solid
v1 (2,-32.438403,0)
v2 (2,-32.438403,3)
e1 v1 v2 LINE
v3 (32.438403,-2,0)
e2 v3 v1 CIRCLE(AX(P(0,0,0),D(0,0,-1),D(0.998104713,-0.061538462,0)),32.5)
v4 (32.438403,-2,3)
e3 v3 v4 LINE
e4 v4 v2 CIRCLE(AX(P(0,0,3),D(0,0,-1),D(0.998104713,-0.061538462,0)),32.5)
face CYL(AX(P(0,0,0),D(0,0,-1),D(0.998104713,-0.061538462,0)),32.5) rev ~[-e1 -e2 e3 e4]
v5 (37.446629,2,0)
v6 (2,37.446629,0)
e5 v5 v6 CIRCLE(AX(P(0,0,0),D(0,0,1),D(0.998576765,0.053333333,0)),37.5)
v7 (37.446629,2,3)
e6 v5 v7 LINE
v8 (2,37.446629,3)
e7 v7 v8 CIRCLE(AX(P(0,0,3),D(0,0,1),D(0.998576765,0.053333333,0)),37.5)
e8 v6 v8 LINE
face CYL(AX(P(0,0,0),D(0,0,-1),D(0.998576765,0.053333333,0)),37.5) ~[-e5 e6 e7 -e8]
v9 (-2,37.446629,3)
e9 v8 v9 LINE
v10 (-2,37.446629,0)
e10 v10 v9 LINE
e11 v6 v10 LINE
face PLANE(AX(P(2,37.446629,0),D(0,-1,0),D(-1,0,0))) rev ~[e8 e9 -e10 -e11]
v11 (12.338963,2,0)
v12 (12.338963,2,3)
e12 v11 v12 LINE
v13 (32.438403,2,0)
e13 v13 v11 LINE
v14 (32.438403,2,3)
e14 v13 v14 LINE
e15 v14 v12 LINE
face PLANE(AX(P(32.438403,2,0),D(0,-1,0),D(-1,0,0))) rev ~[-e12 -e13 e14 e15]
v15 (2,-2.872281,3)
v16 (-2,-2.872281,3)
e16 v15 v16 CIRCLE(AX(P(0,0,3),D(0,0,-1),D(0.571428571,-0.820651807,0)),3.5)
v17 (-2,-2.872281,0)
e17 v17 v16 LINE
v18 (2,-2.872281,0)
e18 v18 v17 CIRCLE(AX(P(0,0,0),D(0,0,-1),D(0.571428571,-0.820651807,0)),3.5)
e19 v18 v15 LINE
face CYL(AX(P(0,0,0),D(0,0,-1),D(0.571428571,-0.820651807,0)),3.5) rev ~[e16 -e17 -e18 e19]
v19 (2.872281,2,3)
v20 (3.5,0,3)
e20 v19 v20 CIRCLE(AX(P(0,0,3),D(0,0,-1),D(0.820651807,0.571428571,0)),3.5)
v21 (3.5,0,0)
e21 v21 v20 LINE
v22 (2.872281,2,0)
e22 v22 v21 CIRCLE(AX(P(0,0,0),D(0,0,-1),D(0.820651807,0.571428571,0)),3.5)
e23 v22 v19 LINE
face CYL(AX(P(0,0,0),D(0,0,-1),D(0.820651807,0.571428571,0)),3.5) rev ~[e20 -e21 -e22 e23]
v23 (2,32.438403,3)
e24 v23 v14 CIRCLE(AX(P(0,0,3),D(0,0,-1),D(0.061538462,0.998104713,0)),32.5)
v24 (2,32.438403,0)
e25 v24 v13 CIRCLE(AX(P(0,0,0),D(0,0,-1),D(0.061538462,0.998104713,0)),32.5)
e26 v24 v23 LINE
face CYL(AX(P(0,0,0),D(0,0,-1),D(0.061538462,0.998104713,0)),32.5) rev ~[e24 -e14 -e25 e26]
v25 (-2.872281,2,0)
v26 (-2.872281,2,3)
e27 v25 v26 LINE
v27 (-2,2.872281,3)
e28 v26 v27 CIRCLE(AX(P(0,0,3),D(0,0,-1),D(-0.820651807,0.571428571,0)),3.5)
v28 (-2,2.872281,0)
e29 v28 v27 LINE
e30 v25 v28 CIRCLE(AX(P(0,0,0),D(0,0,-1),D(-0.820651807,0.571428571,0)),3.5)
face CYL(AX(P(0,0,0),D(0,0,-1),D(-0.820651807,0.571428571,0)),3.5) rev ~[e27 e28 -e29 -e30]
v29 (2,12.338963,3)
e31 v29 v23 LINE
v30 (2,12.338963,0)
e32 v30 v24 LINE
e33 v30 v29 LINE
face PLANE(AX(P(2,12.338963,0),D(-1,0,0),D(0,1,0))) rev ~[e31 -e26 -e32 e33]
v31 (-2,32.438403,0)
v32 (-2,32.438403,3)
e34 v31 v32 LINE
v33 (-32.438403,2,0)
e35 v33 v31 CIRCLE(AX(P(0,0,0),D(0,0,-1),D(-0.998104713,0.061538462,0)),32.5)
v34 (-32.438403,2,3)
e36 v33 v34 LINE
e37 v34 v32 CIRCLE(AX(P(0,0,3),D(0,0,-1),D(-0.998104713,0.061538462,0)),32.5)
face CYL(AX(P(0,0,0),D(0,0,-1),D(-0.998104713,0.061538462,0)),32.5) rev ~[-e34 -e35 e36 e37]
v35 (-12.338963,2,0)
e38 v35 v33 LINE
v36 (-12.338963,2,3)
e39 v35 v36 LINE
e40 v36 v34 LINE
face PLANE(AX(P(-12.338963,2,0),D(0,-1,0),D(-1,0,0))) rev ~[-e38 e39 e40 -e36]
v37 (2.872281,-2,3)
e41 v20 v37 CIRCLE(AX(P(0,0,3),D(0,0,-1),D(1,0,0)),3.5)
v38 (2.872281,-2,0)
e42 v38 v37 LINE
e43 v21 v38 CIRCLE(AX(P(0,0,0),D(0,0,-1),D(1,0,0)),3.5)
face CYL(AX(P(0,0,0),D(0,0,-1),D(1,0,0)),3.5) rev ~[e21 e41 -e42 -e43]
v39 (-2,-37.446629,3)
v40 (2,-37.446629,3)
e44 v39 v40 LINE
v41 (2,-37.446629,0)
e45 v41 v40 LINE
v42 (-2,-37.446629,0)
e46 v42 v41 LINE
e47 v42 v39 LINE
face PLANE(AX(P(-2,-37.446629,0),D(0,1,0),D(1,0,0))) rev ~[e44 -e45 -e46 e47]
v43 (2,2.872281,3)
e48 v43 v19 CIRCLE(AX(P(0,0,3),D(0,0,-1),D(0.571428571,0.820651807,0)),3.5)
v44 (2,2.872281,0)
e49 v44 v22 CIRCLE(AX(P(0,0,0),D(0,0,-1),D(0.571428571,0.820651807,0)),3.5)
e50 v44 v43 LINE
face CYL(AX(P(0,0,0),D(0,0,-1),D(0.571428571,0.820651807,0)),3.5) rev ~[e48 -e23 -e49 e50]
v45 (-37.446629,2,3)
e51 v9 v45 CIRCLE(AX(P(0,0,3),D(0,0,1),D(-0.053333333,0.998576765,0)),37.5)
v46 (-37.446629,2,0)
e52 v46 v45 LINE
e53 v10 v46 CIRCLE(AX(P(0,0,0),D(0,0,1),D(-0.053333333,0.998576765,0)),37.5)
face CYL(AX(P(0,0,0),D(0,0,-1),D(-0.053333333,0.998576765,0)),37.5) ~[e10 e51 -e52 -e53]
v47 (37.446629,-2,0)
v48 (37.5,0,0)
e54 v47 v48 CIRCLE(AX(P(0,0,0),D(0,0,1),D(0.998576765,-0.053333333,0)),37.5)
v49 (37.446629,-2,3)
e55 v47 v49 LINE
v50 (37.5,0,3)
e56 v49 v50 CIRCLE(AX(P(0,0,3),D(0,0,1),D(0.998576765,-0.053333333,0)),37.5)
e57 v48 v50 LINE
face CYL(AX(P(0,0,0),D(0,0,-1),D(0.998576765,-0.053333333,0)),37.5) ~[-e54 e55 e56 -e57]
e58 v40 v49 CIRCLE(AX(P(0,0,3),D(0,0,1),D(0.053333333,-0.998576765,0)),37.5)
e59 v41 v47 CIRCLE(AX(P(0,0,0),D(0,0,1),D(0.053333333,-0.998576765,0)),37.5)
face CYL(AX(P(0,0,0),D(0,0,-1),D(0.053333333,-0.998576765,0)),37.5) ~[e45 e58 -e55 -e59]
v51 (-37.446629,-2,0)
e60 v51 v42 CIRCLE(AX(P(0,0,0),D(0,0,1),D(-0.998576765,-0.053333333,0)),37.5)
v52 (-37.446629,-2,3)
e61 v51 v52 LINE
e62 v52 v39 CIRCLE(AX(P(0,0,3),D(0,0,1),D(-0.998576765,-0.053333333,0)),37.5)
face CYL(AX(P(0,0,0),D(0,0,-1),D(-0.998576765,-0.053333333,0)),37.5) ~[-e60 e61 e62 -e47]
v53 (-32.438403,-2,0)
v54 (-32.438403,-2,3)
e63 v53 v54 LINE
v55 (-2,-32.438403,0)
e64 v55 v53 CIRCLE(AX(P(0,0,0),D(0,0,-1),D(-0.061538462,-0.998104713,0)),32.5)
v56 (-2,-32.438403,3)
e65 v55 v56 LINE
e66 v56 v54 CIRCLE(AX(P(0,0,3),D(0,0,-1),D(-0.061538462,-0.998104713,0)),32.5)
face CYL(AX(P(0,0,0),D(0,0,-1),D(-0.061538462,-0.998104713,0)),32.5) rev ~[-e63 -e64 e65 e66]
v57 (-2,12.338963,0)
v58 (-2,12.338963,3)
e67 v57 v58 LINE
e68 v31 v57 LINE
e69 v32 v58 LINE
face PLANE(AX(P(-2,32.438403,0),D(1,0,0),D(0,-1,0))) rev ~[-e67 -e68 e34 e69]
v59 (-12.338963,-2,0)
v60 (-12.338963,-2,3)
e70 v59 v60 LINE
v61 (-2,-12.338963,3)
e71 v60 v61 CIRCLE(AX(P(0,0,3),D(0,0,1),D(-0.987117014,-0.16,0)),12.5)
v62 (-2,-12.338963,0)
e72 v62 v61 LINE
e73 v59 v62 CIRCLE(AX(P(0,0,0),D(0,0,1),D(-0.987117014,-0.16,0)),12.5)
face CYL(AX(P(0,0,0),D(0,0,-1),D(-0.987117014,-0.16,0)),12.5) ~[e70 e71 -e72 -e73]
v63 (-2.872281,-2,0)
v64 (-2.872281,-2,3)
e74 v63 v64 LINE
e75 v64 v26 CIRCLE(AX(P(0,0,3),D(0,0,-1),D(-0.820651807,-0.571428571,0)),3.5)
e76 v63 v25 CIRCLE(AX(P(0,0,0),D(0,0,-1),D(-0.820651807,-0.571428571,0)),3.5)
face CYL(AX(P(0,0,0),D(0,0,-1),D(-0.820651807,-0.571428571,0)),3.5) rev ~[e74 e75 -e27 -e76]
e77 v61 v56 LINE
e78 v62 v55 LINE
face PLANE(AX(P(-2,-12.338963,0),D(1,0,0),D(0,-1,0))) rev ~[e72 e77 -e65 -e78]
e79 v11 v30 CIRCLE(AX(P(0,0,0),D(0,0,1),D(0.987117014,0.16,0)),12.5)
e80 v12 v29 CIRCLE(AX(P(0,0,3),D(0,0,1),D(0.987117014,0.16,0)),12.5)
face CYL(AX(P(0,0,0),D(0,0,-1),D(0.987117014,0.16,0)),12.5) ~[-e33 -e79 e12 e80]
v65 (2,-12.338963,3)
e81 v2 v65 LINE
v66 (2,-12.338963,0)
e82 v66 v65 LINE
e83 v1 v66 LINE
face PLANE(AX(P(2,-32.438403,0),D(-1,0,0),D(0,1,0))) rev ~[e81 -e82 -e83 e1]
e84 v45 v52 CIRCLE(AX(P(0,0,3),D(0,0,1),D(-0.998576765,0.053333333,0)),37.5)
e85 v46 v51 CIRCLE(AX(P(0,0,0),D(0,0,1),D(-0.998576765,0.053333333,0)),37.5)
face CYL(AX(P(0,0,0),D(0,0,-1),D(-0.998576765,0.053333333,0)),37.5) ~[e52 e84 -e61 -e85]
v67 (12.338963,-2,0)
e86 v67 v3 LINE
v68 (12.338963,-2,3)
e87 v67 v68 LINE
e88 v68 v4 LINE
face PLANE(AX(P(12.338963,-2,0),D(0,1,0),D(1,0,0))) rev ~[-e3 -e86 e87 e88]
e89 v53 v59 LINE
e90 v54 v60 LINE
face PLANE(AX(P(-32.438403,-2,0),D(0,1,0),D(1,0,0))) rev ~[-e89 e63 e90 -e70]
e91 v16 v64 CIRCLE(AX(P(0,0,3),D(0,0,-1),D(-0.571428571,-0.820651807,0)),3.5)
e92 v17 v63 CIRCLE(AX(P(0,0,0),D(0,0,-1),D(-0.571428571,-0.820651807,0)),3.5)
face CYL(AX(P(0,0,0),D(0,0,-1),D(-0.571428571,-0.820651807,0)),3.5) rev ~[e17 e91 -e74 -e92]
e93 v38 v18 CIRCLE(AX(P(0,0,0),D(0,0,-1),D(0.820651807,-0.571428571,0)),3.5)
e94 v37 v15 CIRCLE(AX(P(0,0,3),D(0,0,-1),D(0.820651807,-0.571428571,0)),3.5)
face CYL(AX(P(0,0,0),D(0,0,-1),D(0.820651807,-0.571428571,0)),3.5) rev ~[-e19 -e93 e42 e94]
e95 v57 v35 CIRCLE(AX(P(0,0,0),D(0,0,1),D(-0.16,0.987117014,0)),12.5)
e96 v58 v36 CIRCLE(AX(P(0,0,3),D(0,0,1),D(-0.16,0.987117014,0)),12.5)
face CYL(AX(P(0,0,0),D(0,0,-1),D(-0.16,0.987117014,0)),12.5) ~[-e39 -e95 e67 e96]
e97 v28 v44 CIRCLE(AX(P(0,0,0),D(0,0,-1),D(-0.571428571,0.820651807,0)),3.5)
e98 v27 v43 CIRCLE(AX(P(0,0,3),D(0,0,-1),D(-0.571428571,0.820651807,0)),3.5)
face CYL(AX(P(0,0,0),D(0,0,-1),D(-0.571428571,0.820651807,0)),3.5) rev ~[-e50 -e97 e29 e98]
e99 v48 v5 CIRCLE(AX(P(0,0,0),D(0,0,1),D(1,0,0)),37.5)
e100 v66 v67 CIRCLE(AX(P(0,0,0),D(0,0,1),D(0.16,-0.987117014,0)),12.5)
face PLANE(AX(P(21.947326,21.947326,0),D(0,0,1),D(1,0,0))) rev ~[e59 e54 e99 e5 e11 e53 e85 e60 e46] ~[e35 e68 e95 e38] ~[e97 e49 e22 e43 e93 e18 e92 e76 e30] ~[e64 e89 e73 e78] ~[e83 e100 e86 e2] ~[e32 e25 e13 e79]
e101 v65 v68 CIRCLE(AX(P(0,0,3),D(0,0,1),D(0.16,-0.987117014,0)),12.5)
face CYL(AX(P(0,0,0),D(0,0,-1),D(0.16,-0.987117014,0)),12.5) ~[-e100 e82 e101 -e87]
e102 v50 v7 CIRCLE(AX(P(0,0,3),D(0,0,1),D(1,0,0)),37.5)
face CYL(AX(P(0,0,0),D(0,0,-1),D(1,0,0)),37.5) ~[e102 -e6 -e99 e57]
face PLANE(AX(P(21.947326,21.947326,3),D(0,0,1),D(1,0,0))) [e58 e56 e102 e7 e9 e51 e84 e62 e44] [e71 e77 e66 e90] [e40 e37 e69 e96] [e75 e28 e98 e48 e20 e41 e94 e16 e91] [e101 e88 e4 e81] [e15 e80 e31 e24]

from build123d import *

# Parameters (mm, degrees)
F1_DEPTH = 3


with BuildPart() as f1:
    # F0 (on Top) → F1 (new body)
    with BuildSketch(Plane.XY):
        with BuildLine():
            ThreePointArc((37.4466286867, 2), (26.5165042945, 26.5165042945), (2, 37.4466286867))
            Line((2, 37.4466286867), (2, 32.4384031666))
            ThreePointArc((2, 32.4384031666), (22.9809703886, 22.9809703886), (32.4384031666, 2))
            Line((32.4384031666, 2), (37.4466286867, 2))
        make_face()
        with BuildLine():
            ThreePointArc((2, -37.4466286867), (26.5165042945, -26.5165042945), (37.4466286867, -2))
            Line((37.4466286867, -2), (32.4384031666, -2))
            ThreePointArc((32.4384031666, -2), (22.9809703886, -22.9809703886), (2, -32.4384031666))
            Line((2, -32.4384031666), (2, -37.4466286867))
        make_face()
        with BuildLine():
            ThreePointArc((37.5, 0), (37.4866547971, 1.0003559988), (37.4466286867, 2))
            Line((37.4466286867, 2), (32.4384031666, 2))
            ThreePointArc((32.4384031666, 2), (32.4845971417, 1.0004741588), (32.5, 0))
            ThreePointArc((32.5, 0), (32.4845971417, -1.0004741588), (32.4384031666, -2))
            Line((32.4384031666, -2), (37.4466286867, -2))
            ThreePointArc((37.4466286867, -2), (37.4866547971, -1.0003559988), (37.5, 0))
        make_face()
        with BuildLine():
            ThreePointArc((32.5, 0), (32.4845971417, 1.0004741588), (32.4384031666, 2))
            Line((32.4384031666, 2), (12.3389626793, 2))
            ThreePointArc((12.3389626793, 2), (12.4596756276, 1.0032363902), (12.5, 0))
            ThreePointArc((12.5, 0), (12.4596756276, -1.0032363902), (12.3389626793, -2))
            Line((12.3389626793, -2), (32.4384031666, -2))
            ThreePointArc((32.4384031666, -2), (32.4845971417, -1.0004741588), (32.5, 0))
        make_face()
        with BuildLine():
            ThreePointArc((12.5, 0), (12.4596756276, 1.0032363902), (12.3389626793, 2))
            Line((12.3389626793, 2), (2.8722813233, 2))
            ThreePointArc((2.8722813233, 2), (3.3393850206, 1.0480971731), (3.5, 0))
            ThreePointArc((3.5, 0), (3.3393850206, -1.0480971731), (2.8722813233, -2))
            Line((2.8722813233, -2), (12.3389626793, -2))
            ThreePointArc((12.3389626793, -2), (12.4596756276, -1.0032363902), (12.5, 0))
        make_face()
        with BuildLine():
            ThreePointArc((2, -12.3389626793), (8.8388347648, -8.8388347648), (12.3389626793, -2))
            Line((12.3389626793, -2), (2.8722813233, -2))
            ThreePointArc((2.8722813233, -2), (2.4748737342, -2.4748737342), (2, -2.8722813233))
            Line((2, -2.8722813233), (2, -12.3389626793))
        make_face()
        with BuildLine():
            ThreePointArc((12.3389626793, 2), (8.8388347648, 8.8388347648), (2, 12.3389626793))
            Line((2, 12.3389626793), (2, 2.8722813233))
            ThreePointArc((2, 2.8722813233), (2.4748737342, 2.4748737342), (2.8722813233, 2))
            Line((2.8722813233, 2), (12.3389626793, 2))
        make_face()
        with BuildLine():
            Line((-2, 2.8722813233), (-2, 12.3389626793))
            ThreePointArc((-2, 12.3389626793), (-8.8388347648, 8.8388347648), (-12.3389626793, 2))
            Line((-12.3389626793, 2), (-2.8722813233, 2))
            ThreePointArc((-2.8722813233, 2), (-2.4748737342, 2.4748737342), (-2, 2.8722813233))
        make_face()
        with BuildLine():
            Line((-2.8722813233, 2), (-12.3389626793, 2))
            ThreePointArc((-12.3389626793, 2), (-12.5, 0), (-12.3389626793, -2))
            Line((-12.3389626793, -2), (-2.8722813233, -2))
            ThreePointArc((-2.8722813233, -2), (-3.5, 0), (-2.8722813233, 2))
        make_face()
        with BuildLine():
            Line((-2.8722813233, -2), (-12.3389626793, -2))
            ThreePointArc((-12.3389626793, -2), (-8.8388347648, -8.8388347648), (-2, -12.3389626793))
            Line((-2, -12.3389626793), (-2, -2.8722813233))
            ThreePointArc((-2, -2.8722813233), (-2.4748737342, -2.4748737342), (-2.8722813233, -2))
        make_face()
        with BuildLine():
            Line((2, 2.8722813233), (2, 12.3389626793))
            ThreePointArc((2, 12.3389626793), (0, 12.5), (-2, 12.3389626793))
            Line((-2, 12.3389626793), (-2, 2.8722813233))
            ThreePointArc((-2, 2.8722813233), (0, 3.5), (2, 2.8722813233))
        make_face()
        with BuildLine():
            Line((-2, -2.8722813233), (-2, -12.3389626793))
            ThreePointArc((-2, -12.3389626793), (0, -12.5), (2, -12.3389626793))
            Line((2, -12.3389626793), (2, -2.8722813233))
            ThreePointArc((2, -2.8722813233), (0, -3.5), (-2, -2.8722813233))
        make_face()
        with BuildLine():
            Line((-2, -12.3389626793), (-2, -32.4384031666))
            ThreePointArc((-2, -32.4384031666), (0, -32.5), (2, -32.4384031666))
            Line((2, -32.4384031666), (2, -12.3389626793))
            ThreePointArc((2, -12.3389626793), (0, -12.5), (-2, -12.3389626793))
        make_face()
        with BuildLine():
            Line((-2, -32.4384031666), (-2, -37.4466286867))
            Line((-2, -37.4466286867), (2, -37.4466286867))
            Line((2, -37.4466286867), (2, -32.4384031666))
            ThreePointArc((2, -32.4384031666), (0, -32.5), (-2, -32.4384031666))
        make_face()
        with BuildLine():
            Line((-32.4384031666, -2), (-37.4466286867, -2))
            ThreePointArc((-37.4466286867, -2), (-26.5165042945, -26.5165042945), (-2, -37.4466286867))
            Line((-2, -37.4466286867), (-2, -32.4384031666))
            ThreePointArc((-2, -32.4384031666), (-22.9809703886, -22.9809703886), (-32.4384031666, -2))
        make_face()
        with BuildLine():
            Line((-2, 32.4384031666), (-2, 37.4466286867))
            ThreePointArc((-2, 37.4466286867), (-26.5165042945, 26.5165042945), (-37.4466286867, 2))
            Line((-37.4466286867, 2), (-32.4384031666, 2))
            ThreePointArc((-32.4384031666, 2), (-22.9809703886, 22.9809703886), (-2, 32.4384031666))
        make_face()
        with BuildLine():
            Line((-32.4384031666, 2), (-37.4466286867, 2))
            ThreePointArc((-37.4466286867, 2), (-37.5, 0), (-37.4466286867, -2))
            Line((-37.4466286867, -2), (-32.4384031666, -2))
            ThreePointArc((-32.4384031666, -2), (-32.5, 0), (-32.4384031666, 2))
        make_face()
        with BuildLine():
            Line((-12.3389626793, 2), (-32.4384031666, 2))
            ThreePointArc((-32.4384031666, 2), (-32.5, 0), (-32.4384031666, -2))
            Line((-32.4384031666, -2), (-12.3389626793, -2))
            ThreePointArc((-12.3389626793, -2), (-12.5, 0), (-12.3389626793, 2))
        make_face()
        with BuildLine():
            Line((2, 32.4384031666), (2, 37.4466286867))
            Line((2, 37.4466286867), (-2, 37.4466286867))
            Line((-2, 37.4466286867), (-2, 32.4384031666))
            ThreePointArc((-2, 32.4384031666), (0, 32.5), (2, 32.4384031666))
        make_face()
        with BuildLine():
            Line((2, 12.3389626793), (2, 32.4384031666))
            ThreePointArc((2, 32.4384031666), (0, 32.5), (-2, 32.4384031666))
            Line((-2, 32.4384031666), (-2, 12.3389626793))
            ThreePointArc((-2, 12.3389626793), (0, 12.5), (2, 12.3389626793))
        make_face()
    extrude(amount=F1_DEPTH)


solid = f1.part
